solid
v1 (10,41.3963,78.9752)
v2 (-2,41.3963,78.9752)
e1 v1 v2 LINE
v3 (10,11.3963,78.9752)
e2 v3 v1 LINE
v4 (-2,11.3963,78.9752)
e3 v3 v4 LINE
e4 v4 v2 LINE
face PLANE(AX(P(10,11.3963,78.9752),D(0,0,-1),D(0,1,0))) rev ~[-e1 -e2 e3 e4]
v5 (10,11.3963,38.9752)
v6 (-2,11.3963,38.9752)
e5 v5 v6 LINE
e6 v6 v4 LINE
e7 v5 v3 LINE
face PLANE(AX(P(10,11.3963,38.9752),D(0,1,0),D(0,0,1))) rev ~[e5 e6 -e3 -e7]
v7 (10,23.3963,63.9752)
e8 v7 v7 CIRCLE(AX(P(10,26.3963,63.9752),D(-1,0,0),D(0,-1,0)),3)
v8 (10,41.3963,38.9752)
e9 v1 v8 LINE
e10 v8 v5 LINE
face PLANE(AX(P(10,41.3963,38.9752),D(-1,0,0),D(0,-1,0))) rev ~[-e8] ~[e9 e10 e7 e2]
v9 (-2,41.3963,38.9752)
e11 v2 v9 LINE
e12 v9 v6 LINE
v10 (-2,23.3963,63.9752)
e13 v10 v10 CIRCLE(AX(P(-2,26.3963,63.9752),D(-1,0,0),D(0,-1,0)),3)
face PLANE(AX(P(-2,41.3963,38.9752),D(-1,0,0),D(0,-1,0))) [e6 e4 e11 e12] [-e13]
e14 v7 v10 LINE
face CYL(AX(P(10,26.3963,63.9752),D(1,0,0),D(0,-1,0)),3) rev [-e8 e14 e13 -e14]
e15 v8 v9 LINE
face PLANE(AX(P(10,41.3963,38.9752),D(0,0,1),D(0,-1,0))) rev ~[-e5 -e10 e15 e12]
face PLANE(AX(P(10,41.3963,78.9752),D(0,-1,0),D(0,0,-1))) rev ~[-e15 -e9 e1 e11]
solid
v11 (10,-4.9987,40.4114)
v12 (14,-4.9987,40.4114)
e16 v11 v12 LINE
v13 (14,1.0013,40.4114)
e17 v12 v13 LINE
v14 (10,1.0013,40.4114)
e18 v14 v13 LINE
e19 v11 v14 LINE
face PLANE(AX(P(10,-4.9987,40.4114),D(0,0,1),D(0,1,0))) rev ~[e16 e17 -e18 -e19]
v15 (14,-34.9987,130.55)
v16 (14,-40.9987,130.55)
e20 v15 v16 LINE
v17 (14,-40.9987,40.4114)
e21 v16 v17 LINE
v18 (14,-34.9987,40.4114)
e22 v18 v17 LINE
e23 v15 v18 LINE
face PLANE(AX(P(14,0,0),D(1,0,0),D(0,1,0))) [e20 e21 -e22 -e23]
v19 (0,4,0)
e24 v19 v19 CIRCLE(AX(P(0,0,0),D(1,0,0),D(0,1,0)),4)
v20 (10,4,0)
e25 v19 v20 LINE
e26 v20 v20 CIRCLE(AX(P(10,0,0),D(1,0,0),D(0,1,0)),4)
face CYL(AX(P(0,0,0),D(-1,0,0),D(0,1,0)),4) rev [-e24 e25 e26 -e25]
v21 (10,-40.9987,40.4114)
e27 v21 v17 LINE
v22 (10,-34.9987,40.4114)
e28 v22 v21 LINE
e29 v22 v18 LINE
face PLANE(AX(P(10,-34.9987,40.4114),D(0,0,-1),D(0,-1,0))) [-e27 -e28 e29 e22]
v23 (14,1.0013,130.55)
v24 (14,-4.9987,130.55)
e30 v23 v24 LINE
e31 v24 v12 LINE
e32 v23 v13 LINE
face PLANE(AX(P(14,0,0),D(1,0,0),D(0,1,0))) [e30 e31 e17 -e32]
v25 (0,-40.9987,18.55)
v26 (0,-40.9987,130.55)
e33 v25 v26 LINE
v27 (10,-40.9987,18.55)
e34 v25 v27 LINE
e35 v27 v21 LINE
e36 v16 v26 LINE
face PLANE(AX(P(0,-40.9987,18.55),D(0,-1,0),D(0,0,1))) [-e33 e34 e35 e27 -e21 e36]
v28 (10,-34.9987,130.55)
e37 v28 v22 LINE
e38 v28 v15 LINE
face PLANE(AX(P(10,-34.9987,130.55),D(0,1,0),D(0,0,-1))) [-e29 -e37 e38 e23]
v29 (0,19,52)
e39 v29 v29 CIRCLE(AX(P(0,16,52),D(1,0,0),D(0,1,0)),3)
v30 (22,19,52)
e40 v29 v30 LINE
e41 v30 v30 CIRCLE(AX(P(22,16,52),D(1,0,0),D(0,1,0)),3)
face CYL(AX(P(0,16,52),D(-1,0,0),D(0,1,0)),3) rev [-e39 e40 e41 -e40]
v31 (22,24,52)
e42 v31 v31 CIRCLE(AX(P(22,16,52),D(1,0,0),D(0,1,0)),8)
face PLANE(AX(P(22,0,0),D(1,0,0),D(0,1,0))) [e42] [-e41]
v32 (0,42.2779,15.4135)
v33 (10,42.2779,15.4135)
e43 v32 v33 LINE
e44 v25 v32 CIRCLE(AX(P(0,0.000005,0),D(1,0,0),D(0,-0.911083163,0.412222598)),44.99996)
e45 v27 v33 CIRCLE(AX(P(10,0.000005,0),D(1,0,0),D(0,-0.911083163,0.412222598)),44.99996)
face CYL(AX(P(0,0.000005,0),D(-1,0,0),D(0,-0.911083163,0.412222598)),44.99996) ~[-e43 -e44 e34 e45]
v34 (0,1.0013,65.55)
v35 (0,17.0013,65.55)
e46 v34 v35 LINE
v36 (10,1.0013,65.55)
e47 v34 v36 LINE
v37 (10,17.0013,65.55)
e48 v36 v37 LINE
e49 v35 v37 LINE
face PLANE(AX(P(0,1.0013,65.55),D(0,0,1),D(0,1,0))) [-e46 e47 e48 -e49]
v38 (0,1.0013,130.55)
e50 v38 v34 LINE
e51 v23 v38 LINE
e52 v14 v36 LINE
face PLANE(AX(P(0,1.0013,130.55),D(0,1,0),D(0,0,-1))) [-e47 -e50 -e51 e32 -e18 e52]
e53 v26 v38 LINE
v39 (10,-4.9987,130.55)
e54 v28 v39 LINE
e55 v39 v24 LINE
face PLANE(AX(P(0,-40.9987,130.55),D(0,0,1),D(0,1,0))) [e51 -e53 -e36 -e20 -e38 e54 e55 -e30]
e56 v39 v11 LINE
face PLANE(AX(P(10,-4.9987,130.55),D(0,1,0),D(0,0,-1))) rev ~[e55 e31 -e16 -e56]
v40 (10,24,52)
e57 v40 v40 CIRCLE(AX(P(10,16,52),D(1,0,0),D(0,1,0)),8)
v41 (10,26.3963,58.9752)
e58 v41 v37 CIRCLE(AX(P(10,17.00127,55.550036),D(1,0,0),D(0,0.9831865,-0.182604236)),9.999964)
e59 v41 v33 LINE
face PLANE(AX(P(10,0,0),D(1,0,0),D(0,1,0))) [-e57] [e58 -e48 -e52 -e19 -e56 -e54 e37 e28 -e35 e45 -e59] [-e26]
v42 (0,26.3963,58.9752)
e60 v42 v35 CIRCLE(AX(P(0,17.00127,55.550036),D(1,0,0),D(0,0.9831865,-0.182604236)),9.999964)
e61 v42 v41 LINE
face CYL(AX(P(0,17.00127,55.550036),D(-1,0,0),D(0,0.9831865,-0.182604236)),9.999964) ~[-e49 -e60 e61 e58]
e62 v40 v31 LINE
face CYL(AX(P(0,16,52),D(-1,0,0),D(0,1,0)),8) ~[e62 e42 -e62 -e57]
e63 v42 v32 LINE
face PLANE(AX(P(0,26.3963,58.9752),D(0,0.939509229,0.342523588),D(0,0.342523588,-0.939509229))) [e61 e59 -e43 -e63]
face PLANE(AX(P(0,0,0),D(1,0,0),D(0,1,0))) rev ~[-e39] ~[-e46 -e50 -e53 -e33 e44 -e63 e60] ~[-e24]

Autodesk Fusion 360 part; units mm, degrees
sketch "Sketch1" plane through (0, 0, 0) normal (1, 0, 0) x (0, 1, 0) in component "c1"
  circle A0 centre (0, 0) radius 4
  line L0 (-40.9987, 18.55) -> (-40.9987, 130.55)
  line L1 (-40.9987, 130.55) -> (1.0013, 130.55)
  line L2 (1.0013, 130.55) -> (1.0013, 65.55)
  line L3 (1.0013, 65.55) -> (17.0013, 65.55)
  arc A1 (26.8331, 53.724) -> (17.0013, 65.55) centre (17.0013, 55.55) ccw
  line L4 (26.3963, 58.9752) -> (42.2779, 15.4135)
  circle A2 centre (16, 52) radius 8
  circle A3 centre (16, 52) radius 3
  arc A4 (-40.9987, 18.55) -> (42.2779, 15.4135) centre (0, 0) ccw
  dimension "d1" = 90
  dimension "d2" = 8
  dimension "d3" = 112
  dimension "d4" = 18.55
  dimension "d5" = 42
  dimension "d6" = 65
  dimension "d7" = 16
  dimension "d9" = 10
  dimension "d10" = 16
  dimension "d11" = 6
  dimension "d12" = 52
  dimension "d13" = 16
extrude "Extrude1" add sketch "Sketch1" along normal blind 10 contours L0 L1 L2 L3 A1 L4 A4 makes body 1 in component "c1"
extrude "Extrude2" add sketch "Sketch1" along normal blind 22 contours A2 bodies 1 in component "c1"
sketch "Sketch2" plane through (10, 0, 0) normal (1, 0, 0) x (0, 1, 0) in component "c1"
  circle A0 centre (16, 52) radius 8
  circle A1 centre (0, 0) radius 4
  line L0 (-40.9987, 130.55) -> (-40.9987, 18.55)
  arc A2 (-40.9987, 18.55) -> (42.2779, 15.4135) centre (0, 0) ccw
  line L1 (42.2779, 15.4135) -> (26.3963, 58.9752)
  arc A3 (26.3963, 58.9752) -> (17.0013, 65.55) centre (17.0013, 55.55) ccw
  line L2 (17.0013, 65.55) -> (1.0013, 65.55)
  line L3 (1.0013, 65.55) -> (1.0013, 130.55)
  line L4 (1.0013, 130.55) -> (-40.9987, 130.55)
  line L5 (-40.9987, 130.55) -> (-34.9987, 130.55)
  line L6 (-34.9987, 130.55) -> (-34.9987, 40.4114)
  line L7 (-34.9987, 40.4114) -> (-40.9987, 40.4114)
  line L8 (-40.9987, 40.4114) -> (-40.9987, 130.55)
  line L9 (1.0013, 130.55) -> (-4.9987, 130.55)
  line L10 (-4.9987, 130.55) -> (-4.9987, 40.4114)
  line L11 (-4.9987, 40.4114) -> (1.0013, 40.4114)
  line L12 (1.0013, 40.4114) -> (1.0013, 130.55)
  dimension "d18" = 6
  dimension "d19" = 6
extrude "Extrude3" add sketch "Sketch2" along normal blind 4 contours L0 L4 L5 L6 L7 L8 | L3 L4 L9 L10 L11 L12 bodies 1 in component "c1"
sketch "Sketch1 (2)" plane through (0, 0, 0) normal (1, 0, 0) x (0, 1, 0) in component "c2"
  line L0 (0, 0) -> (30, 0)
  line L1 (30, 0) -> (30, 40)
  line L2 (30, 40) -> (0, 40)
  line L3 (0, 40) -> (0, 0)
  circle A0 centre (15, 25) radius 3
  dimension "d31" = 30
  dimension "d32" = 40
  dimension "d33" = 6
  dimension "d34" = 15
  dimension "d35" = 25
extrude "Extrude1'" add sketch "Sketch1 (2)" along normal blind 12 separate body makes body 2 in component "c2"
sketch "Sketch2 (2)" plane through (0, 0, 0) normal (1, 0, 0) x (0, 1, 0) in component "c2"
component "c1" placed x (1, 0, 0) y (0, 1, 0) z (0, 0, 1) at (0, 0, 0)
component "c2" placed x (-1, 0, 0) y (0, -1, 0) z (0, 0, 1) at (10, 41.3963, 38.9752)
